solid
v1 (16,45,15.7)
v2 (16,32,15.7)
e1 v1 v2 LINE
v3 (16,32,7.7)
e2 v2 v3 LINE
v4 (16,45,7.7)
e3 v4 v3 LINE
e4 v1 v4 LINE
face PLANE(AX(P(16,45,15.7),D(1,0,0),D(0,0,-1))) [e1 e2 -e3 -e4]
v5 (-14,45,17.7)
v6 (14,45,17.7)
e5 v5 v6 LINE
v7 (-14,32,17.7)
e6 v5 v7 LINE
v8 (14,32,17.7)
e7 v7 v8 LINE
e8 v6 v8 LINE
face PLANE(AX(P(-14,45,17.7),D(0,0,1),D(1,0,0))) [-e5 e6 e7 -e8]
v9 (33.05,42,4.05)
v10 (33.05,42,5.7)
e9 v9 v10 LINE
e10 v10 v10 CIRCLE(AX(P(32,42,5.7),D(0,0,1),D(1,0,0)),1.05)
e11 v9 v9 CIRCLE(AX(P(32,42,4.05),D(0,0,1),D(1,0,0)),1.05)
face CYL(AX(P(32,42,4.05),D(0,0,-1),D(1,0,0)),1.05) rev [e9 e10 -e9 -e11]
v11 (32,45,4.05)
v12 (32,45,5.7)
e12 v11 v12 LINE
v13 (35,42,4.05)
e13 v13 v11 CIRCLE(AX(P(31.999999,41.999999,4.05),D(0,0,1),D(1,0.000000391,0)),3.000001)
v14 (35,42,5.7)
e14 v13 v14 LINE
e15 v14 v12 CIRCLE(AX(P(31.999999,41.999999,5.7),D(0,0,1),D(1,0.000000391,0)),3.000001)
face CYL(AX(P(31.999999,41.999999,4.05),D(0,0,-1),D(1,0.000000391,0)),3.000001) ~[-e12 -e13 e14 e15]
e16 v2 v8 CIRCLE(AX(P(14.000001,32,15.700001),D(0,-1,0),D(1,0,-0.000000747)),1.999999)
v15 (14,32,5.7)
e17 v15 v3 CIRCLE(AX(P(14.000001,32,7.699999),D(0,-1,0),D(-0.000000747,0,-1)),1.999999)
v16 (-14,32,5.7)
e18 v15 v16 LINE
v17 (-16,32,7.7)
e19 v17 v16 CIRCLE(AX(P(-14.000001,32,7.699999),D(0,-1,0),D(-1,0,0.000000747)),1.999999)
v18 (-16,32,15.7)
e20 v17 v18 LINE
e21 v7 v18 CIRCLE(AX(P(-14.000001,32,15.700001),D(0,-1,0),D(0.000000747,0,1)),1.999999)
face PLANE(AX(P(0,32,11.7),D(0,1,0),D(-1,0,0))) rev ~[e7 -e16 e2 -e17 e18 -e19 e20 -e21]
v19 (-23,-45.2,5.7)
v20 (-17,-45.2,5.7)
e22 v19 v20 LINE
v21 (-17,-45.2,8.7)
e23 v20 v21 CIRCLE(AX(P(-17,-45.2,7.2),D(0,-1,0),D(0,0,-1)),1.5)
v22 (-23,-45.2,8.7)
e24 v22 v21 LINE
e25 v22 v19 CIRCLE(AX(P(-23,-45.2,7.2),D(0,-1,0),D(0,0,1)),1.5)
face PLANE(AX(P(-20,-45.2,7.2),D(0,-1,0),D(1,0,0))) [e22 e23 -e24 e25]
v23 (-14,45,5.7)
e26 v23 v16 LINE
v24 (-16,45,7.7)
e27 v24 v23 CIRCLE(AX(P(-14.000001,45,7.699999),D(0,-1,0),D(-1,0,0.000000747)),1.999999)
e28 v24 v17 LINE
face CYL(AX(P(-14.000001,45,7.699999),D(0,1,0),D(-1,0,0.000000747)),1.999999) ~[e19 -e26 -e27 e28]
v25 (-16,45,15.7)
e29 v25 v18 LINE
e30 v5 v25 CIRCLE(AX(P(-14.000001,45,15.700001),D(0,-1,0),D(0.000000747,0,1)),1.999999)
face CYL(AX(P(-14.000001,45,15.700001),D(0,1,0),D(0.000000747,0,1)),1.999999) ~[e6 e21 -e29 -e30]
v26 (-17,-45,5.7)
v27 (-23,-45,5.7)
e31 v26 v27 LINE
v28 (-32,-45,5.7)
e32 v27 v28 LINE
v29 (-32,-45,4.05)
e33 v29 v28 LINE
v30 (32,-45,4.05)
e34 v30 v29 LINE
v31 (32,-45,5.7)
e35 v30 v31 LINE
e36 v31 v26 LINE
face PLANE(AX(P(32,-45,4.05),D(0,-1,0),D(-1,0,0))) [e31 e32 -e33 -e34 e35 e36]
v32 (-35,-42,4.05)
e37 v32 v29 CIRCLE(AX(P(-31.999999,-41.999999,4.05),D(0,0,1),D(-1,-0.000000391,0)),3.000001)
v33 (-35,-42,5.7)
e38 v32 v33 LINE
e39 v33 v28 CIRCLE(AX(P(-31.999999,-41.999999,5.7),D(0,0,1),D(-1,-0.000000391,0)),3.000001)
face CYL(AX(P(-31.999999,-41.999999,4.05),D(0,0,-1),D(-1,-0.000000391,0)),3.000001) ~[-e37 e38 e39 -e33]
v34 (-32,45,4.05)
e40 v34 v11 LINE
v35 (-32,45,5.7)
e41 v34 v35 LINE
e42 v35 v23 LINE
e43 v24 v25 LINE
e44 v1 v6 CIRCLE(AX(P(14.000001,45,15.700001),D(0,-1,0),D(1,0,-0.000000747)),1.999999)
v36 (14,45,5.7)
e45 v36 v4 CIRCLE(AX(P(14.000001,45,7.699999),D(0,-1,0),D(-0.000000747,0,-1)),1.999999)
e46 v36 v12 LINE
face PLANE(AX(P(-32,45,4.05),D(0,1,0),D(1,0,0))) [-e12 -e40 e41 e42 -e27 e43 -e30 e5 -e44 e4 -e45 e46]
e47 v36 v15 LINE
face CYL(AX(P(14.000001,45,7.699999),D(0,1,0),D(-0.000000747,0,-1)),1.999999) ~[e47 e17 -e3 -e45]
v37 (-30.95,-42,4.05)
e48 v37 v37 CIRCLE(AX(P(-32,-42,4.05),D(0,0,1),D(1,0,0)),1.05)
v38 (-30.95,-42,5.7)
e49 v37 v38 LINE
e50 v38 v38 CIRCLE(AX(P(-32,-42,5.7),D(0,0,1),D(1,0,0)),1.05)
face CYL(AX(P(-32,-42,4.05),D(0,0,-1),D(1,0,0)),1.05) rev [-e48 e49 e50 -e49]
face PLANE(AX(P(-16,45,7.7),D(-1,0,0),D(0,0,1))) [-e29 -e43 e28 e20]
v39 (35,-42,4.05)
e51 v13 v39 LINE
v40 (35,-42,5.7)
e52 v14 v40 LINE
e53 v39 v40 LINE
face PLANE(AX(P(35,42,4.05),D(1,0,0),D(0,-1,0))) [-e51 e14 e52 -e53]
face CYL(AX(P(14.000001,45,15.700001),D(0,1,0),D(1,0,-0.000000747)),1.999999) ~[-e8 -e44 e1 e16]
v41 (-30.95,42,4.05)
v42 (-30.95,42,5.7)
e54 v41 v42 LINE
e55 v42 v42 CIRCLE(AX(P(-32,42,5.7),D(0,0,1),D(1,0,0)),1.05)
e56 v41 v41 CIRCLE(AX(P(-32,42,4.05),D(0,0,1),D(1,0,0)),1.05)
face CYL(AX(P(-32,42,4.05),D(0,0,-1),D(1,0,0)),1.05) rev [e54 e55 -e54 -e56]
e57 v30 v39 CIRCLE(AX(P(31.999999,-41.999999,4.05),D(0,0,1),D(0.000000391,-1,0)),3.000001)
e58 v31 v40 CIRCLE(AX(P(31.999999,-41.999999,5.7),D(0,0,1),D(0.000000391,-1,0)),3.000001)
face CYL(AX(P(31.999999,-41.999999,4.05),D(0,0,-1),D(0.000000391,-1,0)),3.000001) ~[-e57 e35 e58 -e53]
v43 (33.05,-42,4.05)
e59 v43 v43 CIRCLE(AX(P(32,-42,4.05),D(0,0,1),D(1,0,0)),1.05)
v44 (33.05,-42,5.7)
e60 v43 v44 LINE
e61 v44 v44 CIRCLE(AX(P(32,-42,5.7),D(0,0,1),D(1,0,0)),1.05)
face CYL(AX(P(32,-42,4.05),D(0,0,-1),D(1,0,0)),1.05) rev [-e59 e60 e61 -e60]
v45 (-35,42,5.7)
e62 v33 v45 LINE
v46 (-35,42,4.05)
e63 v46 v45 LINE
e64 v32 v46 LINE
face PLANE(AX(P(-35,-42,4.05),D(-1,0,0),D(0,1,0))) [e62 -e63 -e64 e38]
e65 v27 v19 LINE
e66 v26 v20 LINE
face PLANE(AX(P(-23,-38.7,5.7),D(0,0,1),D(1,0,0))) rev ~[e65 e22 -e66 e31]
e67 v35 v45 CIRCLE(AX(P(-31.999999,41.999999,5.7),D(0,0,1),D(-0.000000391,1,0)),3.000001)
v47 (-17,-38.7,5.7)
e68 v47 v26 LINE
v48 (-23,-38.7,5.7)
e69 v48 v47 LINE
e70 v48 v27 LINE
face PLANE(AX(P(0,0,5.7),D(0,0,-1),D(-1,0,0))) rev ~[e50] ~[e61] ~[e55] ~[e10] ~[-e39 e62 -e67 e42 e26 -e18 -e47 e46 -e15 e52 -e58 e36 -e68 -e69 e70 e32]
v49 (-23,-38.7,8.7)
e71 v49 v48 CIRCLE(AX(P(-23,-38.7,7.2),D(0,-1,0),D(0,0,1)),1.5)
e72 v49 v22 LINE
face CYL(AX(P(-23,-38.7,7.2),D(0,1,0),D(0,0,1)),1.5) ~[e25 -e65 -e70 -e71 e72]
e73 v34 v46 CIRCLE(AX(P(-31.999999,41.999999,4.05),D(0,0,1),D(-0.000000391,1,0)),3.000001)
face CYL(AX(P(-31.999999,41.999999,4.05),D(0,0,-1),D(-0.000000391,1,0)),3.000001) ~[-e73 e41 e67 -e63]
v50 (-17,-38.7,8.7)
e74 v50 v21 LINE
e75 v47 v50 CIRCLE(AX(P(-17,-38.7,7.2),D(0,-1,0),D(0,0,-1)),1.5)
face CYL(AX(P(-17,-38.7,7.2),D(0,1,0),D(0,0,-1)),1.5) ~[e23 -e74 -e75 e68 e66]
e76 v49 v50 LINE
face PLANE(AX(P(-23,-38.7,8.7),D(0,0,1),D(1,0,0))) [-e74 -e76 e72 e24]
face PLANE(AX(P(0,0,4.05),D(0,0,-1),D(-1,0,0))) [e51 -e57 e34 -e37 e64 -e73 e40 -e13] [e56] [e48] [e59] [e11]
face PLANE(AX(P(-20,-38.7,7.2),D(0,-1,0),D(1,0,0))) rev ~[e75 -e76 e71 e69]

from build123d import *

# Parameters (mm, degrees)
PAD006_DEPTH = 13
PAD007_DEPTH = 6.5
SKETCH005_R  = 1.05
PAD005_DEPTH = 1.65


with BuildPart() as connectorbody:
    # Sketch006 → Pad006 (new body)
    with BuildSketch(Plane.XZ):
        with BuildLine():
            Line((-14, 6), (14, 6))
            ThreePointArc((16, 4), (15.414214, 5.414214), (14, 6))
            Line((16, 4), (16, -4))
            ThreePointArc((14, -6), (15.414214, -5.414214), (16, -4))
            Line((14, -6), (-14, -6))
            ThreePointArc((-16, -4), (-15.414214, -5.414214), (-14, -6))
            Line((-16, -4), (-16, 4))
            ThreePointArc((-14, 6), (-15.414214, 5.414214), (-16, 4))
        make_face()
    extrude(amount=PAD006_DEPTH)


with BuildPart() as connectorbody_1:
    # Body005 placement: moved
    add(connectorbody.part.moved(Location((0, 45, 7.65))))


with BuildPart() as usbbody:
    # Sketch007 → Pad007 (new body)
    with BuildSketch(Plane.XZ):
        with BuildLine():
            ThreePointArc((-3, 1.5), (-4.5, 0), (-3, -1.5))
            Line((-3, -1.5), (3, -1.5))
            ThreePointArc((3, -1.5), (4.5, 0), (3, 1.5))
            Line((-3, 1.5), (3, 1.5))
        make_face()
    extrude(amount=PAD007_DEPTH)


with BuildPart() as usbbody_1:
    # Body006 placement: moved
    add(usbbody.part.moved(Location((-20, -38.7, 3.15))))


with BuildPart() as boardpart:
    # Sketch005 → Pad005 (new body)
    with BuildSketch(Plane.XY):
        with BuildLine():
            Line((-32, 45), (32, 45))
            ThreePointArc((35, 42), (34.12132, 44.12132), (32, 45))
            Line((35, 42), (35, -42))
            ThreePointArc((32, -45), (34.12132, -44.12132), (35, -42))
            Line((32, -45), (-32, -45))
            ThreePointArc((-35, -42), (-34.12132, -44.12132), (-32, -45))
            Line((-35, -42), (-35, 42))
            ThreePointArc((-32, 45), (-34.12132, 44.12132), (-35, 42))
        make_face()
        with Locations((-32, -42)):
            Circle(SKETCH005_R, mode=Mode.SUBTRACT)
        with Locations((32, -42)):
            Circle(SKETCH005_R, mode=Mode.SUBTRACT)
        with Locations((32, 42)):
            Circle(SKETCH005_R, mode=Mode.SUBTRACT)
        with Locations((-32, 42)):
            Circle(SKETCH005_R, mode=Mode.SUBTRACT)
    extrude(amount=PAD005_DEPTH)

    # Fusion: union ConnectorBody, UsbBody
    add(connectorbody_1.part)
    add(usbbody_1.part)


with BuildPart() as boardpart_1:
    # Fusion placement: moved
    add(boardpart.part.moved(Location((0, 0, 4.05))))


solid = boardpart_1.part
